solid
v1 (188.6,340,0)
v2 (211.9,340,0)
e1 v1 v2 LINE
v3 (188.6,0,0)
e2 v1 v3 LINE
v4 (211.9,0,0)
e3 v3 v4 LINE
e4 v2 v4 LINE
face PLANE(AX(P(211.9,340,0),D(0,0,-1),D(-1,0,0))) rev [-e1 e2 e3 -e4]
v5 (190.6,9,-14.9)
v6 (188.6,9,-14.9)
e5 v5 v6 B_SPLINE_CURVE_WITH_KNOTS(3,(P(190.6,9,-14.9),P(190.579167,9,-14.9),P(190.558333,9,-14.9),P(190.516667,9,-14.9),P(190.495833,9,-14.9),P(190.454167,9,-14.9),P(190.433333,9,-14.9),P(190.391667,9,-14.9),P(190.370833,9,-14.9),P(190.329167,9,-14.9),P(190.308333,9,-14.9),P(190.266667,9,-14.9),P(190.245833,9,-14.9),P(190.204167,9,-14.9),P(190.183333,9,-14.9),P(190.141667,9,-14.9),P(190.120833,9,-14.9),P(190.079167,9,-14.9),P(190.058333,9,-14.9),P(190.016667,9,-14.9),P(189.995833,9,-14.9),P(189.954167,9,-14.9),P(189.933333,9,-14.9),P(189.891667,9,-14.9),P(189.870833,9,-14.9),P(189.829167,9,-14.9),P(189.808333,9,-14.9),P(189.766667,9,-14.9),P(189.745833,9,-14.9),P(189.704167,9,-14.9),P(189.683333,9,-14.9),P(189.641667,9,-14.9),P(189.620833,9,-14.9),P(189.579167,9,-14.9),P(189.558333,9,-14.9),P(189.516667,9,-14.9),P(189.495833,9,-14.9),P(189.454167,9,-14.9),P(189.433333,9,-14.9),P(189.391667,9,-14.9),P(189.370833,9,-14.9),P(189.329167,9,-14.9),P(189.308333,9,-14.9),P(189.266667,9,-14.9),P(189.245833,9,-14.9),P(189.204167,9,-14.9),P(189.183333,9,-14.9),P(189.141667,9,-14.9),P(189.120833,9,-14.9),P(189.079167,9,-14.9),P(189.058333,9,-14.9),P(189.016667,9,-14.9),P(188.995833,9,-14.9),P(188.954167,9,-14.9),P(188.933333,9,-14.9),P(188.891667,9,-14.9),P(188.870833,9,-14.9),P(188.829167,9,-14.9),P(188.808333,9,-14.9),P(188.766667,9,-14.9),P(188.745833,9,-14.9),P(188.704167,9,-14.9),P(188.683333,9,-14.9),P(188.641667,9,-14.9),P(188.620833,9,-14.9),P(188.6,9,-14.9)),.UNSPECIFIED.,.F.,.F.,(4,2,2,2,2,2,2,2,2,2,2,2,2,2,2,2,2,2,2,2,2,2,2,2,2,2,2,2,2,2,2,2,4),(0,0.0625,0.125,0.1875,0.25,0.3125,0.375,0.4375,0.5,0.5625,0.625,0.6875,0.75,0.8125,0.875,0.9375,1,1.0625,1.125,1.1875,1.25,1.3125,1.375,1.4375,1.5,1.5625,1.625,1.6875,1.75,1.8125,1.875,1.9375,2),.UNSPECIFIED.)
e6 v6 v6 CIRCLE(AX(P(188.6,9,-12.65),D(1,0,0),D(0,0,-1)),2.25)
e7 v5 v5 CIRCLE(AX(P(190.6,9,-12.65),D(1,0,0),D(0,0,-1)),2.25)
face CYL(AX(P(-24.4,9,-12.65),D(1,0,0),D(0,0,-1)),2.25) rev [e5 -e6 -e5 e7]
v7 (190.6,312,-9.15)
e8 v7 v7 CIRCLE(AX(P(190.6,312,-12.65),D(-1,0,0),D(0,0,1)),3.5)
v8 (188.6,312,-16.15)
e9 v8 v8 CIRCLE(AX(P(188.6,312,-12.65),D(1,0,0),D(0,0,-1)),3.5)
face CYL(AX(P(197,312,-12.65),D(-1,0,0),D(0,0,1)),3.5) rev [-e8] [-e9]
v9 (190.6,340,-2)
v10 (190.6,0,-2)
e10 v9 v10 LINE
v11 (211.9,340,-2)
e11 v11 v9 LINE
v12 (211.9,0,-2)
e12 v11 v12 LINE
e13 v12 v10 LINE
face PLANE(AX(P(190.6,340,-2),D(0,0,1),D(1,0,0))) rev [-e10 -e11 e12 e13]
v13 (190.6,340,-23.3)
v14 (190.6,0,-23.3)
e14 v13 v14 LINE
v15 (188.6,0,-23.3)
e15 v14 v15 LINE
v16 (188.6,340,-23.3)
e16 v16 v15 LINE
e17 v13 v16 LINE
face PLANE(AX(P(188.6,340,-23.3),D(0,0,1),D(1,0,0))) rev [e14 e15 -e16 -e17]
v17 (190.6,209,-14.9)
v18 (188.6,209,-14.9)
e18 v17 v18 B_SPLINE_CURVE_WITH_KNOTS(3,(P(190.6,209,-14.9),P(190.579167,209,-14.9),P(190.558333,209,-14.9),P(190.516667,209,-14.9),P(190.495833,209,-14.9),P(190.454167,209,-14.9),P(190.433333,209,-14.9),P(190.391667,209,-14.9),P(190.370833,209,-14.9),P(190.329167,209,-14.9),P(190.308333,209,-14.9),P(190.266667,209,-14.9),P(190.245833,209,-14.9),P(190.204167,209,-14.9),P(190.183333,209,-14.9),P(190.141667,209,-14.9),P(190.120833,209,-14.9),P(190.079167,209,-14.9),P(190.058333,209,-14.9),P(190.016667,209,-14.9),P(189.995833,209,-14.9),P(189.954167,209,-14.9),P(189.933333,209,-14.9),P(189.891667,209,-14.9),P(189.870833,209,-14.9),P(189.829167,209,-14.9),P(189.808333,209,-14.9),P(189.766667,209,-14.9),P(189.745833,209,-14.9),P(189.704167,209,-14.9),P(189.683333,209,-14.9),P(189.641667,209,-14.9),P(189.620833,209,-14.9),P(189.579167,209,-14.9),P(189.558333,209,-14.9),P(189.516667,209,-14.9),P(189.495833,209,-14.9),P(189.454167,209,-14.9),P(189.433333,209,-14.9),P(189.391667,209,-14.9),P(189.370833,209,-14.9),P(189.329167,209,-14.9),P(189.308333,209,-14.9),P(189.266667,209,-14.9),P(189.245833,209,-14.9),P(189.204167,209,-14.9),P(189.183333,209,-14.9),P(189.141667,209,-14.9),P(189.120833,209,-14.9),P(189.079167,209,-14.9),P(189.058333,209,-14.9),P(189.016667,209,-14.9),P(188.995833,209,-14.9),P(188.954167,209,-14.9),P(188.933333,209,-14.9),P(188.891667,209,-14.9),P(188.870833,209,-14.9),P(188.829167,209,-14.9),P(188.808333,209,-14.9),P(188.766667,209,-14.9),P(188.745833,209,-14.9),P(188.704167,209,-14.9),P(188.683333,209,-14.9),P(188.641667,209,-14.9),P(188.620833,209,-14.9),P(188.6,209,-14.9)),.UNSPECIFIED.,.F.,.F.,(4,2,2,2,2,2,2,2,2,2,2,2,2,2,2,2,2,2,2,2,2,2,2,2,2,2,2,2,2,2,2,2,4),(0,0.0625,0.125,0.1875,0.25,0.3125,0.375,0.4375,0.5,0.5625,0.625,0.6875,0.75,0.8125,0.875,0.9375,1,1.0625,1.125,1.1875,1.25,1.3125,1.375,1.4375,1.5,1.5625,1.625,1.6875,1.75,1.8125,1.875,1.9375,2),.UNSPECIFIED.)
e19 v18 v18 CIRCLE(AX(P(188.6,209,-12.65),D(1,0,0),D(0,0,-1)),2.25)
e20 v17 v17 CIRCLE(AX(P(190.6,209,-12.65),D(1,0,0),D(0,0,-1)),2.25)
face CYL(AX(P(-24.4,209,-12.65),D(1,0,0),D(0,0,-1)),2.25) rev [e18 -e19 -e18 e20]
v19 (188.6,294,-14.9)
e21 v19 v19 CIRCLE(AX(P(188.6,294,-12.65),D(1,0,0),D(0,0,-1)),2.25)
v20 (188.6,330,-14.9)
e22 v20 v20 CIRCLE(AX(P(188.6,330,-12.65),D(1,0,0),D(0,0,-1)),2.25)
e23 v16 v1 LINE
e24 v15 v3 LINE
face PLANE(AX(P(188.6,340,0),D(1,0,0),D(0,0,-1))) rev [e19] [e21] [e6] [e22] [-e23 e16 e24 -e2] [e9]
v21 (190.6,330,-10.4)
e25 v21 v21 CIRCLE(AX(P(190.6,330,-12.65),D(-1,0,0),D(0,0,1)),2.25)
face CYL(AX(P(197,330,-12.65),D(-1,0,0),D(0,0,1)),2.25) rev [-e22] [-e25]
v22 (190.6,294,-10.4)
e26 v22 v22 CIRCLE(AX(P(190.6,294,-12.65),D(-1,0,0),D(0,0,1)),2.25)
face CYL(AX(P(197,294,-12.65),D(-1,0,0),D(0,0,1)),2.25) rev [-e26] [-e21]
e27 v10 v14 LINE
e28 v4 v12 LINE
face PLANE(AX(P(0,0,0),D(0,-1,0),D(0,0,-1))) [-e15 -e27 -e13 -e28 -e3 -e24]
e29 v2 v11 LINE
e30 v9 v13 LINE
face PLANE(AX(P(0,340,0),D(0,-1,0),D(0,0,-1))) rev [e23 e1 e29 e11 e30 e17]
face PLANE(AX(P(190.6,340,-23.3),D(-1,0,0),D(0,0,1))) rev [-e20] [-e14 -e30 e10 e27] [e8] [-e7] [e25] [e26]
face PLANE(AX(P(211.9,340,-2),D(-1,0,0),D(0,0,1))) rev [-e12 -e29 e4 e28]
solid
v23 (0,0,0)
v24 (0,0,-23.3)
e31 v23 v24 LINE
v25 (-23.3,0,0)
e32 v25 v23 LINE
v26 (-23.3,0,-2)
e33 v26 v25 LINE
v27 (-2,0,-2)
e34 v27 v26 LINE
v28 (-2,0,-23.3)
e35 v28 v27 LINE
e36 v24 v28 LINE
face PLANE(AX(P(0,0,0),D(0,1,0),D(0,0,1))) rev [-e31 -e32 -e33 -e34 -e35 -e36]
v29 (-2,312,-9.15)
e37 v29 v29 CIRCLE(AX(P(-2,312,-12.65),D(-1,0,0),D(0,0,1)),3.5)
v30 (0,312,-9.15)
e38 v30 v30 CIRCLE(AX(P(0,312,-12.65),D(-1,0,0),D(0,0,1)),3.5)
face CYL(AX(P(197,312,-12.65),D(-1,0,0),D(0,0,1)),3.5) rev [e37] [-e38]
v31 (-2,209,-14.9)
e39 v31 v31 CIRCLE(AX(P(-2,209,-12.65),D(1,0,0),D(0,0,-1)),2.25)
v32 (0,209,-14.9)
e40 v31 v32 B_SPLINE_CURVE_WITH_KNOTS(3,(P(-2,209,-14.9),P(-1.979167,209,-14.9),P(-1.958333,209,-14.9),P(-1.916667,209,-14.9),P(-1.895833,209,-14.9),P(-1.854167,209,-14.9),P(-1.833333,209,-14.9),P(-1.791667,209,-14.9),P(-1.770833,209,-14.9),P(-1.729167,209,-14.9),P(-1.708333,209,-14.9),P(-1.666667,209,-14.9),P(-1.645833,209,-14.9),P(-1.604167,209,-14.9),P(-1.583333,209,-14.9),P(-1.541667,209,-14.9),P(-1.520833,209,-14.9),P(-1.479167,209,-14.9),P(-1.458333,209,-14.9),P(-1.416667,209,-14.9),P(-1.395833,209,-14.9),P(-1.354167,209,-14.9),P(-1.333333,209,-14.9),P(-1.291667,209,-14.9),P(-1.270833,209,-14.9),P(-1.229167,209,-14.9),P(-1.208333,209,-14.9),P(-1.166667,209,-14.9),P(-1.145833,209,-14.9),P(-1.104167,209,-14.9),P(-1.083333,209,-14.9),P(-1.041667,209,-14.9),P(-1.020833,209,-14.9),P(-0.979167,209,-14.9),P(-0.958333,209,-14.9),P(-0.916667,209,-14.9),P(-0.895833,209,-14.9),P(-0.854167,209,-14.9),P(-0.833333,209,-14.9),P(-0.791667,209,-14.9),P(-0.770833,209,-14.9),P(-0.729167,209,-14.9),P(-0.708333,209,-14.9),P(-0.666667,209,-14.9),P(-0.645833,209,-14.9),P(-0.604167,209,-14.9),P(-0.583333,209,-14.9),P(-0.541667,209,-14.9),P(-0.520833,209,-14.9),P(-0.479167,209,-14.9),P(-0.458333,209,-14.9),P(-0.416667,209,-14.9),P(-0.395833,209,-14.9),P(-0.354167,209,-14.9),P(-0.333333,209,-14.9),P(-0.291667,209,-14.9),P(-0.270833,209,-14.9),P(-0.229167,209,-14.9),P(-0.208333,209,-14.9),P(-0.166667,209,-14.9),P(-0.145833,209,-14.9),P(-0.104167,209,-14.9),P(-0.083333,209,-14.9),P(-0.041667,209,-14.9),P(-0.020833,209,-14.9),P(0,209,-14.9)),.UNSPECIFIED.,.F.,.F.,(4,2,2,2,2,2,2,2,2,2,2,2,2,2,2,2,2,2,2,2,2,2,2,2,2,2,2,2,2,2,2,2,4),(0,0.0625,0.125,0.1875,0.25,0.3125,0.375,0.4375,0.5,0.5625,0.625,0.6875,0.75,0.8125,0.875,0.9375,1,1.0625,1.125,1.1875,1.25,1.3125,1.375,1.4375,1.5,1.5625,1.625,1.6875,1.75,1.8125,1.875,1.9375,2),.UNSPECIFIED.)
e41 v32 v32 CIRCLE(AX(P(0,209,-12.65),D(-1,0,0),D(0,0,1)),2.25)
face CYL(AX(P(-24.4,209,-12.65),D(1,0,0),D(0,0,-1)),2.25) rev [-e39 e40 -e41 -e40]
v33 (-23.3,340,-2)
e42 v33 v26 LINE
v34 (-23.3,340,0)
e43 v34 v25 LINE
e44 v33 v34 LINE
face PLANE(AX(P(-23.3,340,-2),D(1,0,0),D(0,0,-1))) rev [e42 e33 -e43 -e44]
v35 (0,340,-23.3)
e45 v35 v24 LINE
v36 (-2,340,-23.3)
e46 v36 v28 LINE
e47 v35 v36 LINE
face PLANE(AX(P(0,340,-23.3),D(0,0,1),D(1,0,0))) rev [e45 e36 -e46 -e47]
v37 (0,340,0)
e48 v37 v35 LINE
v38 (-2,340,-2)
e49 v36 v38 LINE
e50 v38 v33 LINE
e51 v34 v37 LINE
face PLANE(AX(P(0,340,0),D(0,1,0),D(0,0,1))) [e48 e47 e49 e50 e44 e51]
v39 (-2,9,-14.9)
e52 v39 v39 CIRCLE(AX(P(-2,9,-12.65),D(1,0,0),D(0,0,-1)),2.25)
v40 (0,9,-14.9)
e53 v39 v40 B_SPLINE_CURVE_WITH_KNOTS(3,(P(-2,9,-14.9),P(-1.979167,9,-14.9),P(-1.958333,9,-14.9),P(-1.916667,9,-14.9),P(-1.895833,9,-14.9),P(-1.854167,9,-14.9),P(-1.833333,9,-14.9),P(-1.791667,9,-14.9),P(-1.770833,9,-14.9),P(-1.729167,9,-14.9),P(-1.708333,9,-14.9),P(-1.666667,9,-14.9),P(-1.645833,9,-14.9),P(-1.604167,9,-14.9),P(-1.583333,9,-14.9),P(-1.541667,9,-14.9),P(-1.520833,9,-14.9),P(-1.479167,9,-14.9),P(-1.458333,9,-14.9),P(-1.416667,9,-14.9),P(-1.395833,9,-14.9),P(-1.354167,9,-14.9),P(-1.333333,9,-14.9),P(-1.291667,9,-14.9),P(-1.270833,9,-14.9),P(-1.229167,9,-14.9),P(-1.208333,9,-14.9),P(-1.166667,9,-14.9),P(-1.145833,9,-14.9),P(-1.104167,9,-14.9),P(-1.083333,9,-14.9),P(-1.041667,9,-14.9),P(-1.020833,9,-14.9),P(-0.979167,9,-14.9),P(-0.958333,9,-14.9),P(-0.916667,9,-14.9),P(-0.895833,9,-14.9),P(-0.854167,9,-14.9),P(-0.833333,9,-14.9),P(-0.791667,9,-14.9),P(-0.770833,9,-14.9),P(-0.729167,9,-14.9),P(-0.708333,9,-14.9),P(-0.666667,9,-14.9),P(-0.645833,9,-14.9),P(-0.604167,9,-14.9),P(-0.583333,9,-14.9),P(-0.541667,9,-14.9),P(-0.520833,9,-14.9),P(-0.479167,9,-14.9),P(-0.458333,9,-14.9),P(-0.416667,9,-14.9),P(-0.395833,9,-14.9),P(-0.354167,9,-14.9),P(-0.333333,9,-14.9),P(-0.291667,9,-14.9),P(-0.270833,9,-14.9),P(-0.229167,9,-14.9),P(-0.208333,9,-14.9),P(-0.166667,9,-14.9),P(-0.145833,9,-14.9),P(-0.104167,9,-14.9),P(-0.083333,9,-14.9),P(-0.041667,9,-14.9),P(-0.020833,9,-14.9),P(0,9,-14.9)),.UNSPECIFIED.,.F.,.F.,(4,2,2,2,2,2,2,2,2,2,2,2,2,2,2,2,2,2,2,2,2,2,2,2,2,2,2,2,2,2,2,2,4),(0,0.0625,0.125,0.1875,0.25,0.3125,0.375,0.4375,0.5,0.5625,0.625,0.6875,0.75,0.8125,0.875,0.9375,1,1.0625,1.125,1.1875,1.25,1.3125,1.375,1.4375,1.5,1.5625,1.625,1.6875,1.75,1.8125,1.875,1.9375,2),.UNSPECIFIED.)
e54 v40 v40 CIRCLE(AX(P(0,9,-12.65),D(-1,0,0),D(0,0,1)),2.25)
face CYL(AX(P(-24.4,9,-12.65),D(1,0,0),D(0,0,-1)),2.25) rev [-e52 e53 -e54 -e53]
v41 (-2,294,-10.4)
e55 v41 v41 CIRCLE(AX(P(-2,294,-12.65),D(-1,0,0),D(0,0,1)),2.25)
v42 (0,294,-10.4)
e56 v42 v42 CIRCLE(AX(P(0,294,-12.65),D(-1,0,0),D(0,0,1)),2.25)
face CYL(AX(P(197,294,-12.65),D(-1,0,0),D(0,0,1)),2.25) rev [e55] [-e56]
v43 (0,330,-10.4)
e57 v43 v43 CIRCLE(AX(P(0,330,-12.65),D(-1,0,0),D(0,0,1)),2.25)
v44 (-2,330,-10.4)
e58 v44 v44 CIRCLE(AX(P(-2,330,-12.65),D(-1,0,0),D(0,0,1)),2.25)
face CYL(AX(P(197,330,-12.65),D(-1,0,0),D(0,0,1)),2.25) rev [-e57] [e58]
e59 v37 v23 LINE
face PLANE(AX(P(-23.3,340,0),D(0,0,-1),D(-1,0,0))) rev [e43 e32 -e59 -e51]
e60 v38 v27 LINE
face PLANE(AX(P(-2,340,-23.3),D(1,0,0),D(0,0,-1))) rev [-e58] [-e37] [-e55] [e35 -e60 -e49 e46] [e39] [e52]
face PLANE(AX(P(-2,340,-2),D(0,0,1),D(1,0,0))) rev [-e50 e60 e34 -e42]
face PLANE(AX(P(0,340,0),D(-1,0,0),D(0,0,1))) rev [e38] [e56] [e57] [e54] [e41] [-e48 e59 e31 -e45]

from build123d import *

# Parameters (mm, degrees)
BOSS_EXTRUDE1_DEPTH   = 340
BOSS_EXTRUDE1_2_DEPTH = 340
SKETCH2_R             = 2.25
CUT_EXTRUDE1_DEPTH    = 215
SKETCH3_R             = 2.25
CUT_EXTRUDE2_DEPTH    = 215
SKETCH4_R             = 2.25
SKETCH4_R_2           = 3.5
CUT_EXTRUDE3_DEPTH    = 199


with BuildPart() as part:
    # Sketch1 → Boss-Extrude1 (new body)
    with BuildSketch(Plane(origin=(0, 0, 0), x_dir=(1, 0, 0), z_dir=(0, 1, 0))):
        Polygon((188.6, 0), (188.6, 23.3), (190.6, 23.3), (190.6, 2), (211.9, 2), (211.9, 0), align=None)
    extrude(amount=BOSS_EXTRUDE1_DEPTH)


with BuildPart() as body_2:
    # Sketch1 → Boss-Extrude1 2 (new body)
    with BuildSketch(Plane(origin=(0, 0, 0), x_dir=(1, 0, 0), z_dir=(0, 1, 0))):
        Polygon((-23.3, 2), (-23.3, 0), (0, 0), (0, 23.3), (-2, 23.3), (-2, 2), align=None)
    extrude(amount=BOSS_EXTRUDE1_2_DEPTH)


with BuildPart() as cut_extrude1_tool:
    # Sketch2 → Cut-Extrude1 (new body)
    with BuildSketch(Plane(origin=(190.6, 0, 0), x_dir=(0, 0, -1), z_dir=(1, 0, 0))):
        with Locations((12.65, 9)):
            Circle(SKETCH2_R)
    extrude(amount=-CUT_EXTRUDE1_DEPTH)


with BuildPart() as part_1:
    add(part.part)

    # Cut-Extrude1: cut by cut_extrude1_tool
    add(cut_extrude1_tool.part, mode=Mode.SUBTRACT)


with BuildPart() as body_2_1:
    add(body_2.part)

    # Cut-Extrude1: cut by cut_extrude1_tool
    add(cut_extrude1_tool.part, mode=Mode.SUBTRACT)


with BuildPart() as cut_extrude2_tool:
    # Sketch3 → Cut-Extrude2 (new body)
    with BuildSketch(Plane(origin=(190.6, 0, 0), x_dir=(0, 0, -1), z_dir=(1, 0, 0))):
        with Locations((12.65, 209)):
            Circle(SKETCH3_R)
    extrude(amount=-CUT_EXTRUDE2_DEPTH)


with BuildPart() as part_2:
    add(part_1.part)

    # Cut-Extrude2: cut by cut_extrude2_tool
    add(cut_extrude2_tool.part, mode=Mode.SUBTRACT)


with BuildPart() as body_2_2:
    add(body_2_1.part)

    # Cut-Extrude2: cut by cut_extrude2_tool
    add(cut_extrude2_tool.part, mode=Mode.SUBTRACT)


with BuildPart() as cut_extrude3_tool:
    # Sketch4 → Cut-Extrude3 (new body)
    with BuildSketch(Plane.ZY.offset(2)):
        with Locations((-12.65, 330)):
            Circle(SKETCH4_R)
        with Locations((-12.65, 294)):
            Circle(SKETCH4_R)
        with Locations((-12.65, 312)):
            Circle(SKETCH4_R_2)
    extrude(amount=-CUT_EXTRUDE3_DEPTH)


with BuildPart() as part_3:
    add(part_2.part)

    # Cut-Extrude3: cut by cut_extrude3_tool
    add(cut_extrude3_tool.part, mode=Mode.SUBTRACT)


with BuildPart() as body_2_3:
    add(body_2_2.part)

    # Cut-Extrude3: cut by cut_extrude3_tool
    add(cut_extrude3_tool.part, mode=Mode.SUBTRACT)


solid = Compound([part_3.part, body_2_3.part])
